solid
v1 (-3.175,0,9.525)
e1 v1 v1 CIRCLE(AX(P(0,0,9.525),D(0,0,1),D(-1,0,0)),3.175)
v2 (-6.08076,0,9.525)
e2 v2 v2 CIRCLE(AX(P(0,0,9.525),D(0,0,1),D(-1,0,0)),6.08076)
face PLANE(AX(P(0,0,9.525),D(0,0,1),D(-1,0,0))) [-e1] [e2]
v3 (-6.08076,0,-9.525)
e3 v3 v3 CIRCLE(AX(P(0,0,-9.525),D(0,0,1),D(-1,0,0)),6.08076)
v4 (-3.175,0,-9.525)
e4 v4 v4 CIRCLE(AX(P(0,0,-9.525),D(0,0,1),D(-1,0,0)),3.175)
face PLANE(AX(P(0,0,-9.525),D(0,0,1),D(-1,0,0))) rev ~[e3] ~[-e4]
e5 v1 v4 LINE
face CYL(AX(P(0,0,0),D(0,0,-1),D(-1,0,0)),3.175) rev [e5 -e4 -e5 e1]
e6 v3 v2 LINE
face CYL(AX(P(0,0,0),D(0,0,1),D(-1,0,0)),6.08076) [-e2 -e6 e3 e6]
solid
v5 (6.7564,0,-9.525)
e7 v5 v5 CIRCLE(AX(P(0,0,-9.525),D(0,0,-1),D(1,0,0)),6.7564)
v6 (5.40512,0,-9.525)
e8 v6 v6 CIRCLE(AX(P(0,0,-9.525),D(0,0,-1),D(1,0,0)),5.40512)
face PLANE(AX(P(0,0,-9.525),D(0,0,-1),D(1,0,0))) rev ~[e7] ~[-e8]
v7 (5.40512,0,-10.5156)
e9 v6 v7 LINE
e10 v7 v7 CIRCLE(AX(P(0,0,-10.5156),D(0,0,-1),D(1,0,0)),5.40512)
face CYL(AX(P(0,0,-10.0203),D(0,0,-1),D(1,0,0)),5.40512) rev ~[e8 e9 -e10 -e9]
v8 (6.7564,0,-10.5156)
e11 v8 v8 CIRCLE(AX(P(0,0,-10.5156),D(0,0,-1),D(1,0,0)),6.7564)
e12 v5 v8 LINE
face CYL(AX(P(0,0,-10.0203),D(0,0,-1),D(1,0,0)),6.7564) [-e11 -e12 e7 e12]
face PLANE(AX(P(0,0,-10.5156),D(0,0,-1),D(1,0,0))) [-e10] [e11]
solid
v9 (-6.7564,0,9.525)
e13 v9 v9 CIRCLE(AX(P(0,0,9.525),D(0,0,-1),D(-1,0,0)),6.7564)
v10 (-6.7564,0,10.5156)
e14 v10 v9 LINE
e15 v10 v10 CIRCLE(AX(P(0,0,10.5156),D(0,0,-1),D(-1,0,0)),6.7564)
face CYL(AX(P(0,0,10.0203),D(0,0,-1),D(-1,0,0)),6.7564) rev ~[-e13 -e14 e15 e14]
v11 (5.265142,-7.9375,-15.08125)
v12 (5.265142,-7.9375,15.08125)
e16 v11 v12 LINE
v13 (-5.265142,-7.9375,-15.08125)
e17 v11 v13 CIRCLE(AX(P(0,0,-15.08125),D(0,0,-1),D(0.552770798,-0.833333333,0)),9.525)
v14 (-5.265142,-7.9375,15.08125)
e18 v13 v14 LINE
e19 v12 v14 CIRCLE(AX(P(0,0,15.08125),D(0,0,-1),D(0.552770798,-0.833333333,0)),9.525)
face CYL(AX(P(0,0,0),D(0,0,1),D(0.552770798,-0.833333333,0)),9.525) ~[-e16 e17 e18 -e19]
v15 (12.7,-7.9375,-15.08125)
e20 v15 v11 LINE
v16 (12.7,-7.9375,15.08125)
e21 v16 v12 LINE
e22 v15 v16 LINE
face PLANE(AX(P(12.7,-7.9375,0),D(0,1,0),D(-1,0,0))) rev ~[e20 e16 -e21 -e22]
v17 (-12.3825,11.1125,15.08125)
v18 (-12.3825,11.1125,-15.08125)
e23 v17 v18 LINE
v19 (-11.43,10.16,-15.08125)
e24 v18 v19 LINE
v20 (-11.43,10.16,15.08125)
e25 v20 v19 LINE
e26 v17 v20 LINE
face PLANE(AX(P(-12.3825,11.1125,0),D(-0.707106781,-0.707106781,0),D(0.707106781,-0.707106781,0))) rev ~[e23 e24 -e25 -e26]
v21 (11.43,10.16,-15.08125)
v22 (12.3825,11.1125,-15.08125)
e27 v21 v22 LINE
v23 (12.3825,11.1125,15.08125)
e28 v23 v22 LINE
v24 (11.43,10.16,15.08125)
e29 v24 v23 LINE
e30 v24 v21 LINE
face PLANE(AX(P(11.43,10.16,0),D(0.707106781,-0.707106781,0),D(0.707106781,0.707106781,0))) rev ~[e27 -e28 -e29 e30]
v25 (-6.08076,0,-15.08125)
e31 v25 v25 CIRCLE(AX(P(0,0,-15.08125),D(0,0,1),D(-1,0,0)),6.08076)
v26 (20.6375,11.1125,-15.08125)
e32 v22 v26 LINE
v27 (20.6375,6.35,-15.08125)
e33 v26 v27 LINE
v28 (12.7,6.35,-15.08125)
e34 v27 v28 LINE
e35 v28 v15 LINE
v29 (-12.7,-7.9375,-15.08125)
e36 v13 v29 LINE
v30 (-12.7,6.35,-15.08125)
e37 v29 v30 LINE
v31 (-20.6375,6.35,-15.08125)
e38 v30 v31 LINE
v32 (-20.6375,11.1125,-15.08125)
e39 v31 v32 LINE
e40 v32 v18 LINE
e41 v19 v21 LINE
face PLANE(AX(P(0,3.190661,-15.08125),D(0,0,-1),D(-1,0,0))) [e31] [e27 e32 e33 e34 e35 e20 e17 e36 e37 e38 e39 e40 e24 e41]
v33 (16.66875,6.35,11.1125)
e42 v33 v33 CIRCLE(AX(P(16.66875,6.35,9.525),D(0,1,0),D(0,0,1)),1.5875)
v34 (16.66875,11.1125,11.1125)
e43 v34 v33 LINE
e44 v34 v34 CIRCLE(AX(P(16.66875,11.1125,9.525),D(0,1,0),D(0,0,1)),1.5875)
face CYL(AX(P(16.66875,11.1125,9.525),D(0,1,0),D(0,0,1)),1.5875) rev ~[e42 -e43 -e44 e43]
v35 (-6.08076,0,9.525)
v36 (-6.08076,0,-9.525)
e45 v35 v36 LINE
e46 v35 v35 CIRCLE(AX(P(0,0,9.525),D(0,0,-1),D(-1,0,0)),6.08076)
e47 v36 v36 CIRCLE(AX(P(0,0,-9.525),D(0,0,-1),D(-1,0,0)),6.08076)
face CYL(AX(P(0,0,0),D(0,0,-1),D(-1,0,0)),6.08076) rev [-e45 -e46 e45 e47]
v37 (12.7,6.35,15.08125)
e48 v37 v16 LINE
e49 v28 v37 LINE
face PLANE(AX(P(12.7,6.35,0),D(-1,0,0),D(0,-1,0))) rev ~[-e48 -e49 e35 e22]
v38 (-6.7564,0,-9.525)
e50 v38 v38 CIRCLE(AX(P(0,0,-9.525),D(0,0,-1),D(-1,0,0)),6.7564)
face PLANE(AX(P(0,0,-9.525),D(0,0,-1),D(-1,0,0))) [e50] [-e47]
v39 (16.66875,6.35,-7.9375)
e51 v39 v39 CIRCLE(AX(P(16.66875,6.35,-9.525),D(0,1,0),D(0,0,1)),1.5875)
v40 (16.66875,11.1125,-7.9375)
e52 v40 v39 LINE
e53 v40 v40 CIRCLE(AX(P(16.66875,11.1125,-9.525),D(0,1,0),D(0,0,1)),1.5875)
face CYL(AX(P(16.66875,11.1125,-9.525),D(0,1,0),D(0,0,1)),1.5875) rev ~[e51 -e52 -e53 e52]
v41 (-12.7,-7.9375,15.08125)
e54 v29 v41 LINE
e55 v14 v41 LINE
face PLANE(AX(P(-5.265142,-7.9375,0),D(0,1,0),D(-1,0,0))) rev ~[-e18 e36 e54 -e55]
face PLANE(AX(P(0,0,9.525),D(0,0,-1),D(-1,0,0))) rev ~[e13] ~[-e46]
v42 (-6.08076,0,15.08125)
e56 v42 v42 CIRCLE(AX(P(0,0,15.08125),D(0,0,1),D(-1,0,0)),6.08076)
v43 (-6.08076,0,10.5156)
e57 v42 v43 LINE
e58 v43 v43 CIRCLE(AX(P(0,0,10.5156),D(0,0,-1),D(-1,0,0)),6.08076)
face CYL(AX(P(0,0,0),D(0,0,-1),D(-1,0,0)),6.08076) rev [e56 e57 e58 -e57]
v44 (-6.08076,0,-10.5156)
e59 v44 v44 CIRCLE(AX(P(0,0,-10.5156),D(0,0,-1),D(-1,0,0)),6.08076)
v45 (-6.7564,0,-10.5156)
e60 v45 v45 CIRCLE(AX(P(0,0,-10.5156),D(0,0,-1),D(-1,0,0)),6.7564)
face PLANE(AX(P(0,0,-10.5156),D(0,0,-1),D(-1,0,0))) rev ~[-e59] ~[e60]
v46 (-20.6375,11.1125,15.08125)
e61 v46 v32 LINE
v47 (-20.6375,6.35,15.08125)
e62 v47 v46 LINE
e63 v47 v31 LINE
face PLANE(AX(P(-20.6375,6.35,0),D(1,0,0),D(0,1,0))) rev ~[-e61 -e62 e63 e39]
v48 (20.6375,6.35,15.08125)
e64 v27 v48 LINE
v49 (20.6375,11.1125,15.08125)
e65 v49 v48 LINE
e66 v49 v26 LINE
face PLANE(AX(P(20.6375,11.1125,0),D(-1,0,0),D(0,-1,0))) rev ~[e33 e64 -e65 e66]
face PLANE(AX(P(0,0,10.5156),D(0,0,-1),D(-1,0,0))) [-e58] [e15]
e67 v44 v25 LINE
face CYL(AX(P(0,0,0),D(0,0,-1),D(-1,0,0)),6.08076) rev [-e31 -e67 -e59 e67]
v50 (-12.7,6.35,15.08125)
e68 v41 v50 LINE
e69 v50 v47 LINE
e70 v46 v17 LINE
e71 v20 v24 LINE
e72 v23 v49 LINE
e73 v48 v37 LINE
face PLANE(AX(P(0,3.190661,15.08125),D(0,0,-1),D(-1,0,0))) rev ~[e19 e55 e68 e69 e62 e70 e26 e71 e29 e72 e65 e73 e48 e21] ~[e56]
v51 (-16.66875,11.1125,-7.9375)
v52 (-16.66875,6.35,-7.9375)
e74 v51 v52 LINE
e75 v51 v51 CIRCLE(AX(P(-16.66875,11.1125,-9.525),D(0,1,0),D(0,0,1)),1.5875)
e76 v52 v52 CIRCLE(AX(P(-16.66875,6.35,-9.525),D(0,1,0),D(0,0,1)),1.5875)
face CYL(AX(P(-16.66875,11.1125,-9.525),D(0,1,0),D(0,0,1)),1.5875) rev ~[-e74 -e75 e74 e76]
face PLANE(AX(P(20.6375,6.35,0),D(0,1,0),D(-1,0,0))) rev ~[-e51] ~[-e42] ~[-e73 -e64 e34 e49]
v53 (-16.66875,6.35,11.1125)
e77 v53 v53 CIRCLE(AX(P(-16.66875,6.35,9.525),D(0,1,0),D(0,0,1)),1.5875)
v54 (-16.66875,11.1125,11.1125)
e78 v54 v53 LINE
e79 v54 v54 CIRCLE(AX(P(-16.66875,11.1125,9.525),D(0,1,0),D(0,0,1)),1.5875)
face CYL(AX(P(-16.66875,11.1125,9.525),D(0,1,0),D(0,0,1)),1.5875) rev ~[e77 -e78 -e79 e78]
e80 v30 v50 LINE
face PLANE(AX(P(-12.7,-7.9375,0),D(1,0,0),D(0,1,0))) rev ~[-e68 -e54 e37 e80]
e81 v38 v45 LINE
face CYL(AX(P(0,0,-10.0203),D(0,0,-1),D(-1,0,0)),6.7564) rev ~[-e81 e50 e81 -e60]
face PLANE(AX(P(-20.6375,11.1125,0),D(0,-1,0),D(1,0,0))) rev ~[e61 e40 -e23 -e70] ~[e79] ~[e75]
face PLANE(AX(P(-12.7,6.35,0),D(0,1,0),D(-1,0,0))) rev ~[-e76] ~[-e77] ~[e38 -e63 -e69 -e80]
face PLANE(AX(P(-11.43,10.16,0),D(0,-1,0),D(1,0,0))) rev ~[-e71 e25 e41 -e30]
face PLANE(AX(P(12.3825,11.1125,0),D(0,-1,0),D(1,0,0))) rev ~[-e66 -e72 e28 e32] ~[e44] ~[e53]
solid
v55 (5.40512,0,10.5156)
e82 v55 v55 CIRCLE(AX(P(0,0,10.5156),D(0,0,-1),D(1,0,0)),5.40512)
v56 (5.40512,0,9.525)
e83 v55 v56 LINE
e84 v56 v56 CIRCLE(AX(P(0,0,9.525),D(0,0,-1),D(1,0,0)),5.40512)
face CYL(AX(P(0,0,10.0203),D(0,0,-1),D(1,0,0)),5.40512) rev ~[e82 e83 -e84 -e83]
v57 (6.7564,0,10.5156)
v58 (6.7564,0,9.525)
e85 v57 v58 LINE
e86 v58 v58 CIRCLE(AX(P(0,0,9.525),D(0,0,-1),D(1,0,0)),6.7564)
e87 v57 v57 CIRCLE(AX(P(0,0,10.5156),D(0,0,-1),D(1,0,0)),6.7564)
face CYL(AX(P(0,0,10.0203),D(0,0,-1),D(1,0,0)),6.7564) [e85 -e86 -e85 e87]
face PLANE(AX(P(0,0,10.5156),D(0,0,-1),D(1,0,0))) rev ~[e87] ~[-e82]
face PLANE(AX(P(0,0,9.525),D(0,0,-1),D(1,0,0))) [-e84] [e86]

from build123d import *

# Parameters (mm, degrees)
SKETCH1_R            = 6.08076
MAIN_BODY_DEPTH      = 15.08125
SKETCH3_R            = 1.5875
MOUNTING_HOLES_DEPTH = 4.7625
SKETCH8_R            = 6.08076
SKETCH8_R_2          = 3.175
INTERIOR_DEPTH       = 9.525
GROOVES_2_W          = 0.9906
GROOVES_2_H          = 1.35128
GROOVES_2_2_W        = 0.9906
GROOVES_2_2_H        = 1.35128


with BuildPart() as part:
    # Sketch1 → Main Body (new, symmetric)
    with BuildSketch(Plane.XY):
        with BuildLine():
            Line((-12.7, 6.35), (-20.6375, 6.35))
            Line((-20.6375, 6.35), (-20.6375, 11.1125))
            Line((-20.6375, 11.1125), (-12.3825, 11.1125))
            Line((-12.3825, 11.1125), (-11.43, 10.16))
            Line((-11.43, 10.16), (11.43, 10.16))
            Line((11.43, 10.16), (12.3825, 11.1125))
            Line((12.3825, 11.1125), (20.6375, 11.1125))
            Line((20.6375, 11.1125), (20.6375, 6.35))
            Line((20.6375, 6.35), (12.7, 6.35))
            Line((12.7, 6.35), (12.7, -7.9375))
            Line((12.7, -7.9375), (5.265141855, -7.9375))
            ThreePointArc((5.265141855, -7.9375), (0, -9.525), (-5.265141855, -7.9375))
            Line((-5.265141855, -7.9375), (-12.7, -7.9375))
            Line((-12.7, -7.9375), (-12.7, 6.35))
        make_face()
        with Locations(Location((0, 0, 0), (0, 0, 180))):
            Circle(SKETCH1_R, mode=Mode.SUBTRACT)
    extrude(amount=MAIN_BODY_DEPTH, both=True)

    # Sketch3 → Mounting Holes (cut)
    with BuildSketch(Plane(origin=(0, 11.1125, 0), x_dir=(1, 0, 0), z_dir=(0, 1, 0))):
        with Locations(Location((-16.66875, 9.525, 0), (0, 0, 270))):
            Circle(SKETCH3_R)
        with Locations(Location((16.66875, 9.525, 0), (0, 0, 270))):
            Circle(SKETCH3_R)
        with Locations(Location((16.66875, -9.525, 0), (0, 0, 270))):
            Circle(SKETCH3_R)
        with Locations(Location((-16.66875, -9.525, 0), (0, 0, 270))):
            Circle(SKETCH3_R)
    extrude(amount=-MOUNTING_HOLES_DEPTH, mode=Mode.SUBTRACT)

    # Grooves 2 → Grooves (revolve, cut)
    with BuildSketch(Plane(origin=(0, 0, 0), x_dir=(0, 0, -1), z_dir=(1, 0, 0)), mode=Mode.PRIVATE) as grooves_sk:
        with Locations((10.0203, -6.08076)):
            Rectangle(GROOVES_2_W, GROOVES_2_H)
        with Locations((-10.0203, -6.08076)):
            Rectangle(GROOVES_2_W, GROOVES_2_H)
    revolve(grooves_sk.sketch.rotate(Axis((0, 0, 9.525), (0, 0, -1)), 90), axis=Axis((0, 0, 9.525), (0, 0, -1)), mode=Mode.SUBTRACT)


with BuildPart() as body_2:
    # Sketch8 → Interior (new, symmetric)
    with BuildSketch(Plane.XY):
        with Locations(Location((0, 0, 0), (0, 0, 180))):
            Circle(SKETCH8_R)
        with Locations(Location((0, 0, 0), (0, 0, 180))):
            Circle(SKETCH8_R_2, mode=Mode.SUBTRACT)
    extrude(amount=INTERIOR_DEPTH, both=True)


with BuildPart() as body_3:
    # Grooves_2 2 → Retaining Ring (revolve)
    with BuildSketch(Plane(origin=(0, 0, 0), x_dir=(0, 0, -1), z_dir=(1, 0, 0)), mode=Mode.PRIVATE) as retaining_ring_sk:
        with Locations((10.0203, -6.08076)):
            Rectangle(GROOVES_2_2_W, GROOVES_2_2_H)
        with Locations((-10.0203, -6.08076)):
            Rectangle(GROOVES_2_2_W, GROOVES_2_2_H)
    revolve(retaining_ring_sk.sketch.rotate(Axis((0, 0, 9.525), (0, 0, -1)), 270), axis=Axis((0, 0, 9.525), (0, 0, -1)))


solid = Compound([part.part, body_2.part, body_3.part])
